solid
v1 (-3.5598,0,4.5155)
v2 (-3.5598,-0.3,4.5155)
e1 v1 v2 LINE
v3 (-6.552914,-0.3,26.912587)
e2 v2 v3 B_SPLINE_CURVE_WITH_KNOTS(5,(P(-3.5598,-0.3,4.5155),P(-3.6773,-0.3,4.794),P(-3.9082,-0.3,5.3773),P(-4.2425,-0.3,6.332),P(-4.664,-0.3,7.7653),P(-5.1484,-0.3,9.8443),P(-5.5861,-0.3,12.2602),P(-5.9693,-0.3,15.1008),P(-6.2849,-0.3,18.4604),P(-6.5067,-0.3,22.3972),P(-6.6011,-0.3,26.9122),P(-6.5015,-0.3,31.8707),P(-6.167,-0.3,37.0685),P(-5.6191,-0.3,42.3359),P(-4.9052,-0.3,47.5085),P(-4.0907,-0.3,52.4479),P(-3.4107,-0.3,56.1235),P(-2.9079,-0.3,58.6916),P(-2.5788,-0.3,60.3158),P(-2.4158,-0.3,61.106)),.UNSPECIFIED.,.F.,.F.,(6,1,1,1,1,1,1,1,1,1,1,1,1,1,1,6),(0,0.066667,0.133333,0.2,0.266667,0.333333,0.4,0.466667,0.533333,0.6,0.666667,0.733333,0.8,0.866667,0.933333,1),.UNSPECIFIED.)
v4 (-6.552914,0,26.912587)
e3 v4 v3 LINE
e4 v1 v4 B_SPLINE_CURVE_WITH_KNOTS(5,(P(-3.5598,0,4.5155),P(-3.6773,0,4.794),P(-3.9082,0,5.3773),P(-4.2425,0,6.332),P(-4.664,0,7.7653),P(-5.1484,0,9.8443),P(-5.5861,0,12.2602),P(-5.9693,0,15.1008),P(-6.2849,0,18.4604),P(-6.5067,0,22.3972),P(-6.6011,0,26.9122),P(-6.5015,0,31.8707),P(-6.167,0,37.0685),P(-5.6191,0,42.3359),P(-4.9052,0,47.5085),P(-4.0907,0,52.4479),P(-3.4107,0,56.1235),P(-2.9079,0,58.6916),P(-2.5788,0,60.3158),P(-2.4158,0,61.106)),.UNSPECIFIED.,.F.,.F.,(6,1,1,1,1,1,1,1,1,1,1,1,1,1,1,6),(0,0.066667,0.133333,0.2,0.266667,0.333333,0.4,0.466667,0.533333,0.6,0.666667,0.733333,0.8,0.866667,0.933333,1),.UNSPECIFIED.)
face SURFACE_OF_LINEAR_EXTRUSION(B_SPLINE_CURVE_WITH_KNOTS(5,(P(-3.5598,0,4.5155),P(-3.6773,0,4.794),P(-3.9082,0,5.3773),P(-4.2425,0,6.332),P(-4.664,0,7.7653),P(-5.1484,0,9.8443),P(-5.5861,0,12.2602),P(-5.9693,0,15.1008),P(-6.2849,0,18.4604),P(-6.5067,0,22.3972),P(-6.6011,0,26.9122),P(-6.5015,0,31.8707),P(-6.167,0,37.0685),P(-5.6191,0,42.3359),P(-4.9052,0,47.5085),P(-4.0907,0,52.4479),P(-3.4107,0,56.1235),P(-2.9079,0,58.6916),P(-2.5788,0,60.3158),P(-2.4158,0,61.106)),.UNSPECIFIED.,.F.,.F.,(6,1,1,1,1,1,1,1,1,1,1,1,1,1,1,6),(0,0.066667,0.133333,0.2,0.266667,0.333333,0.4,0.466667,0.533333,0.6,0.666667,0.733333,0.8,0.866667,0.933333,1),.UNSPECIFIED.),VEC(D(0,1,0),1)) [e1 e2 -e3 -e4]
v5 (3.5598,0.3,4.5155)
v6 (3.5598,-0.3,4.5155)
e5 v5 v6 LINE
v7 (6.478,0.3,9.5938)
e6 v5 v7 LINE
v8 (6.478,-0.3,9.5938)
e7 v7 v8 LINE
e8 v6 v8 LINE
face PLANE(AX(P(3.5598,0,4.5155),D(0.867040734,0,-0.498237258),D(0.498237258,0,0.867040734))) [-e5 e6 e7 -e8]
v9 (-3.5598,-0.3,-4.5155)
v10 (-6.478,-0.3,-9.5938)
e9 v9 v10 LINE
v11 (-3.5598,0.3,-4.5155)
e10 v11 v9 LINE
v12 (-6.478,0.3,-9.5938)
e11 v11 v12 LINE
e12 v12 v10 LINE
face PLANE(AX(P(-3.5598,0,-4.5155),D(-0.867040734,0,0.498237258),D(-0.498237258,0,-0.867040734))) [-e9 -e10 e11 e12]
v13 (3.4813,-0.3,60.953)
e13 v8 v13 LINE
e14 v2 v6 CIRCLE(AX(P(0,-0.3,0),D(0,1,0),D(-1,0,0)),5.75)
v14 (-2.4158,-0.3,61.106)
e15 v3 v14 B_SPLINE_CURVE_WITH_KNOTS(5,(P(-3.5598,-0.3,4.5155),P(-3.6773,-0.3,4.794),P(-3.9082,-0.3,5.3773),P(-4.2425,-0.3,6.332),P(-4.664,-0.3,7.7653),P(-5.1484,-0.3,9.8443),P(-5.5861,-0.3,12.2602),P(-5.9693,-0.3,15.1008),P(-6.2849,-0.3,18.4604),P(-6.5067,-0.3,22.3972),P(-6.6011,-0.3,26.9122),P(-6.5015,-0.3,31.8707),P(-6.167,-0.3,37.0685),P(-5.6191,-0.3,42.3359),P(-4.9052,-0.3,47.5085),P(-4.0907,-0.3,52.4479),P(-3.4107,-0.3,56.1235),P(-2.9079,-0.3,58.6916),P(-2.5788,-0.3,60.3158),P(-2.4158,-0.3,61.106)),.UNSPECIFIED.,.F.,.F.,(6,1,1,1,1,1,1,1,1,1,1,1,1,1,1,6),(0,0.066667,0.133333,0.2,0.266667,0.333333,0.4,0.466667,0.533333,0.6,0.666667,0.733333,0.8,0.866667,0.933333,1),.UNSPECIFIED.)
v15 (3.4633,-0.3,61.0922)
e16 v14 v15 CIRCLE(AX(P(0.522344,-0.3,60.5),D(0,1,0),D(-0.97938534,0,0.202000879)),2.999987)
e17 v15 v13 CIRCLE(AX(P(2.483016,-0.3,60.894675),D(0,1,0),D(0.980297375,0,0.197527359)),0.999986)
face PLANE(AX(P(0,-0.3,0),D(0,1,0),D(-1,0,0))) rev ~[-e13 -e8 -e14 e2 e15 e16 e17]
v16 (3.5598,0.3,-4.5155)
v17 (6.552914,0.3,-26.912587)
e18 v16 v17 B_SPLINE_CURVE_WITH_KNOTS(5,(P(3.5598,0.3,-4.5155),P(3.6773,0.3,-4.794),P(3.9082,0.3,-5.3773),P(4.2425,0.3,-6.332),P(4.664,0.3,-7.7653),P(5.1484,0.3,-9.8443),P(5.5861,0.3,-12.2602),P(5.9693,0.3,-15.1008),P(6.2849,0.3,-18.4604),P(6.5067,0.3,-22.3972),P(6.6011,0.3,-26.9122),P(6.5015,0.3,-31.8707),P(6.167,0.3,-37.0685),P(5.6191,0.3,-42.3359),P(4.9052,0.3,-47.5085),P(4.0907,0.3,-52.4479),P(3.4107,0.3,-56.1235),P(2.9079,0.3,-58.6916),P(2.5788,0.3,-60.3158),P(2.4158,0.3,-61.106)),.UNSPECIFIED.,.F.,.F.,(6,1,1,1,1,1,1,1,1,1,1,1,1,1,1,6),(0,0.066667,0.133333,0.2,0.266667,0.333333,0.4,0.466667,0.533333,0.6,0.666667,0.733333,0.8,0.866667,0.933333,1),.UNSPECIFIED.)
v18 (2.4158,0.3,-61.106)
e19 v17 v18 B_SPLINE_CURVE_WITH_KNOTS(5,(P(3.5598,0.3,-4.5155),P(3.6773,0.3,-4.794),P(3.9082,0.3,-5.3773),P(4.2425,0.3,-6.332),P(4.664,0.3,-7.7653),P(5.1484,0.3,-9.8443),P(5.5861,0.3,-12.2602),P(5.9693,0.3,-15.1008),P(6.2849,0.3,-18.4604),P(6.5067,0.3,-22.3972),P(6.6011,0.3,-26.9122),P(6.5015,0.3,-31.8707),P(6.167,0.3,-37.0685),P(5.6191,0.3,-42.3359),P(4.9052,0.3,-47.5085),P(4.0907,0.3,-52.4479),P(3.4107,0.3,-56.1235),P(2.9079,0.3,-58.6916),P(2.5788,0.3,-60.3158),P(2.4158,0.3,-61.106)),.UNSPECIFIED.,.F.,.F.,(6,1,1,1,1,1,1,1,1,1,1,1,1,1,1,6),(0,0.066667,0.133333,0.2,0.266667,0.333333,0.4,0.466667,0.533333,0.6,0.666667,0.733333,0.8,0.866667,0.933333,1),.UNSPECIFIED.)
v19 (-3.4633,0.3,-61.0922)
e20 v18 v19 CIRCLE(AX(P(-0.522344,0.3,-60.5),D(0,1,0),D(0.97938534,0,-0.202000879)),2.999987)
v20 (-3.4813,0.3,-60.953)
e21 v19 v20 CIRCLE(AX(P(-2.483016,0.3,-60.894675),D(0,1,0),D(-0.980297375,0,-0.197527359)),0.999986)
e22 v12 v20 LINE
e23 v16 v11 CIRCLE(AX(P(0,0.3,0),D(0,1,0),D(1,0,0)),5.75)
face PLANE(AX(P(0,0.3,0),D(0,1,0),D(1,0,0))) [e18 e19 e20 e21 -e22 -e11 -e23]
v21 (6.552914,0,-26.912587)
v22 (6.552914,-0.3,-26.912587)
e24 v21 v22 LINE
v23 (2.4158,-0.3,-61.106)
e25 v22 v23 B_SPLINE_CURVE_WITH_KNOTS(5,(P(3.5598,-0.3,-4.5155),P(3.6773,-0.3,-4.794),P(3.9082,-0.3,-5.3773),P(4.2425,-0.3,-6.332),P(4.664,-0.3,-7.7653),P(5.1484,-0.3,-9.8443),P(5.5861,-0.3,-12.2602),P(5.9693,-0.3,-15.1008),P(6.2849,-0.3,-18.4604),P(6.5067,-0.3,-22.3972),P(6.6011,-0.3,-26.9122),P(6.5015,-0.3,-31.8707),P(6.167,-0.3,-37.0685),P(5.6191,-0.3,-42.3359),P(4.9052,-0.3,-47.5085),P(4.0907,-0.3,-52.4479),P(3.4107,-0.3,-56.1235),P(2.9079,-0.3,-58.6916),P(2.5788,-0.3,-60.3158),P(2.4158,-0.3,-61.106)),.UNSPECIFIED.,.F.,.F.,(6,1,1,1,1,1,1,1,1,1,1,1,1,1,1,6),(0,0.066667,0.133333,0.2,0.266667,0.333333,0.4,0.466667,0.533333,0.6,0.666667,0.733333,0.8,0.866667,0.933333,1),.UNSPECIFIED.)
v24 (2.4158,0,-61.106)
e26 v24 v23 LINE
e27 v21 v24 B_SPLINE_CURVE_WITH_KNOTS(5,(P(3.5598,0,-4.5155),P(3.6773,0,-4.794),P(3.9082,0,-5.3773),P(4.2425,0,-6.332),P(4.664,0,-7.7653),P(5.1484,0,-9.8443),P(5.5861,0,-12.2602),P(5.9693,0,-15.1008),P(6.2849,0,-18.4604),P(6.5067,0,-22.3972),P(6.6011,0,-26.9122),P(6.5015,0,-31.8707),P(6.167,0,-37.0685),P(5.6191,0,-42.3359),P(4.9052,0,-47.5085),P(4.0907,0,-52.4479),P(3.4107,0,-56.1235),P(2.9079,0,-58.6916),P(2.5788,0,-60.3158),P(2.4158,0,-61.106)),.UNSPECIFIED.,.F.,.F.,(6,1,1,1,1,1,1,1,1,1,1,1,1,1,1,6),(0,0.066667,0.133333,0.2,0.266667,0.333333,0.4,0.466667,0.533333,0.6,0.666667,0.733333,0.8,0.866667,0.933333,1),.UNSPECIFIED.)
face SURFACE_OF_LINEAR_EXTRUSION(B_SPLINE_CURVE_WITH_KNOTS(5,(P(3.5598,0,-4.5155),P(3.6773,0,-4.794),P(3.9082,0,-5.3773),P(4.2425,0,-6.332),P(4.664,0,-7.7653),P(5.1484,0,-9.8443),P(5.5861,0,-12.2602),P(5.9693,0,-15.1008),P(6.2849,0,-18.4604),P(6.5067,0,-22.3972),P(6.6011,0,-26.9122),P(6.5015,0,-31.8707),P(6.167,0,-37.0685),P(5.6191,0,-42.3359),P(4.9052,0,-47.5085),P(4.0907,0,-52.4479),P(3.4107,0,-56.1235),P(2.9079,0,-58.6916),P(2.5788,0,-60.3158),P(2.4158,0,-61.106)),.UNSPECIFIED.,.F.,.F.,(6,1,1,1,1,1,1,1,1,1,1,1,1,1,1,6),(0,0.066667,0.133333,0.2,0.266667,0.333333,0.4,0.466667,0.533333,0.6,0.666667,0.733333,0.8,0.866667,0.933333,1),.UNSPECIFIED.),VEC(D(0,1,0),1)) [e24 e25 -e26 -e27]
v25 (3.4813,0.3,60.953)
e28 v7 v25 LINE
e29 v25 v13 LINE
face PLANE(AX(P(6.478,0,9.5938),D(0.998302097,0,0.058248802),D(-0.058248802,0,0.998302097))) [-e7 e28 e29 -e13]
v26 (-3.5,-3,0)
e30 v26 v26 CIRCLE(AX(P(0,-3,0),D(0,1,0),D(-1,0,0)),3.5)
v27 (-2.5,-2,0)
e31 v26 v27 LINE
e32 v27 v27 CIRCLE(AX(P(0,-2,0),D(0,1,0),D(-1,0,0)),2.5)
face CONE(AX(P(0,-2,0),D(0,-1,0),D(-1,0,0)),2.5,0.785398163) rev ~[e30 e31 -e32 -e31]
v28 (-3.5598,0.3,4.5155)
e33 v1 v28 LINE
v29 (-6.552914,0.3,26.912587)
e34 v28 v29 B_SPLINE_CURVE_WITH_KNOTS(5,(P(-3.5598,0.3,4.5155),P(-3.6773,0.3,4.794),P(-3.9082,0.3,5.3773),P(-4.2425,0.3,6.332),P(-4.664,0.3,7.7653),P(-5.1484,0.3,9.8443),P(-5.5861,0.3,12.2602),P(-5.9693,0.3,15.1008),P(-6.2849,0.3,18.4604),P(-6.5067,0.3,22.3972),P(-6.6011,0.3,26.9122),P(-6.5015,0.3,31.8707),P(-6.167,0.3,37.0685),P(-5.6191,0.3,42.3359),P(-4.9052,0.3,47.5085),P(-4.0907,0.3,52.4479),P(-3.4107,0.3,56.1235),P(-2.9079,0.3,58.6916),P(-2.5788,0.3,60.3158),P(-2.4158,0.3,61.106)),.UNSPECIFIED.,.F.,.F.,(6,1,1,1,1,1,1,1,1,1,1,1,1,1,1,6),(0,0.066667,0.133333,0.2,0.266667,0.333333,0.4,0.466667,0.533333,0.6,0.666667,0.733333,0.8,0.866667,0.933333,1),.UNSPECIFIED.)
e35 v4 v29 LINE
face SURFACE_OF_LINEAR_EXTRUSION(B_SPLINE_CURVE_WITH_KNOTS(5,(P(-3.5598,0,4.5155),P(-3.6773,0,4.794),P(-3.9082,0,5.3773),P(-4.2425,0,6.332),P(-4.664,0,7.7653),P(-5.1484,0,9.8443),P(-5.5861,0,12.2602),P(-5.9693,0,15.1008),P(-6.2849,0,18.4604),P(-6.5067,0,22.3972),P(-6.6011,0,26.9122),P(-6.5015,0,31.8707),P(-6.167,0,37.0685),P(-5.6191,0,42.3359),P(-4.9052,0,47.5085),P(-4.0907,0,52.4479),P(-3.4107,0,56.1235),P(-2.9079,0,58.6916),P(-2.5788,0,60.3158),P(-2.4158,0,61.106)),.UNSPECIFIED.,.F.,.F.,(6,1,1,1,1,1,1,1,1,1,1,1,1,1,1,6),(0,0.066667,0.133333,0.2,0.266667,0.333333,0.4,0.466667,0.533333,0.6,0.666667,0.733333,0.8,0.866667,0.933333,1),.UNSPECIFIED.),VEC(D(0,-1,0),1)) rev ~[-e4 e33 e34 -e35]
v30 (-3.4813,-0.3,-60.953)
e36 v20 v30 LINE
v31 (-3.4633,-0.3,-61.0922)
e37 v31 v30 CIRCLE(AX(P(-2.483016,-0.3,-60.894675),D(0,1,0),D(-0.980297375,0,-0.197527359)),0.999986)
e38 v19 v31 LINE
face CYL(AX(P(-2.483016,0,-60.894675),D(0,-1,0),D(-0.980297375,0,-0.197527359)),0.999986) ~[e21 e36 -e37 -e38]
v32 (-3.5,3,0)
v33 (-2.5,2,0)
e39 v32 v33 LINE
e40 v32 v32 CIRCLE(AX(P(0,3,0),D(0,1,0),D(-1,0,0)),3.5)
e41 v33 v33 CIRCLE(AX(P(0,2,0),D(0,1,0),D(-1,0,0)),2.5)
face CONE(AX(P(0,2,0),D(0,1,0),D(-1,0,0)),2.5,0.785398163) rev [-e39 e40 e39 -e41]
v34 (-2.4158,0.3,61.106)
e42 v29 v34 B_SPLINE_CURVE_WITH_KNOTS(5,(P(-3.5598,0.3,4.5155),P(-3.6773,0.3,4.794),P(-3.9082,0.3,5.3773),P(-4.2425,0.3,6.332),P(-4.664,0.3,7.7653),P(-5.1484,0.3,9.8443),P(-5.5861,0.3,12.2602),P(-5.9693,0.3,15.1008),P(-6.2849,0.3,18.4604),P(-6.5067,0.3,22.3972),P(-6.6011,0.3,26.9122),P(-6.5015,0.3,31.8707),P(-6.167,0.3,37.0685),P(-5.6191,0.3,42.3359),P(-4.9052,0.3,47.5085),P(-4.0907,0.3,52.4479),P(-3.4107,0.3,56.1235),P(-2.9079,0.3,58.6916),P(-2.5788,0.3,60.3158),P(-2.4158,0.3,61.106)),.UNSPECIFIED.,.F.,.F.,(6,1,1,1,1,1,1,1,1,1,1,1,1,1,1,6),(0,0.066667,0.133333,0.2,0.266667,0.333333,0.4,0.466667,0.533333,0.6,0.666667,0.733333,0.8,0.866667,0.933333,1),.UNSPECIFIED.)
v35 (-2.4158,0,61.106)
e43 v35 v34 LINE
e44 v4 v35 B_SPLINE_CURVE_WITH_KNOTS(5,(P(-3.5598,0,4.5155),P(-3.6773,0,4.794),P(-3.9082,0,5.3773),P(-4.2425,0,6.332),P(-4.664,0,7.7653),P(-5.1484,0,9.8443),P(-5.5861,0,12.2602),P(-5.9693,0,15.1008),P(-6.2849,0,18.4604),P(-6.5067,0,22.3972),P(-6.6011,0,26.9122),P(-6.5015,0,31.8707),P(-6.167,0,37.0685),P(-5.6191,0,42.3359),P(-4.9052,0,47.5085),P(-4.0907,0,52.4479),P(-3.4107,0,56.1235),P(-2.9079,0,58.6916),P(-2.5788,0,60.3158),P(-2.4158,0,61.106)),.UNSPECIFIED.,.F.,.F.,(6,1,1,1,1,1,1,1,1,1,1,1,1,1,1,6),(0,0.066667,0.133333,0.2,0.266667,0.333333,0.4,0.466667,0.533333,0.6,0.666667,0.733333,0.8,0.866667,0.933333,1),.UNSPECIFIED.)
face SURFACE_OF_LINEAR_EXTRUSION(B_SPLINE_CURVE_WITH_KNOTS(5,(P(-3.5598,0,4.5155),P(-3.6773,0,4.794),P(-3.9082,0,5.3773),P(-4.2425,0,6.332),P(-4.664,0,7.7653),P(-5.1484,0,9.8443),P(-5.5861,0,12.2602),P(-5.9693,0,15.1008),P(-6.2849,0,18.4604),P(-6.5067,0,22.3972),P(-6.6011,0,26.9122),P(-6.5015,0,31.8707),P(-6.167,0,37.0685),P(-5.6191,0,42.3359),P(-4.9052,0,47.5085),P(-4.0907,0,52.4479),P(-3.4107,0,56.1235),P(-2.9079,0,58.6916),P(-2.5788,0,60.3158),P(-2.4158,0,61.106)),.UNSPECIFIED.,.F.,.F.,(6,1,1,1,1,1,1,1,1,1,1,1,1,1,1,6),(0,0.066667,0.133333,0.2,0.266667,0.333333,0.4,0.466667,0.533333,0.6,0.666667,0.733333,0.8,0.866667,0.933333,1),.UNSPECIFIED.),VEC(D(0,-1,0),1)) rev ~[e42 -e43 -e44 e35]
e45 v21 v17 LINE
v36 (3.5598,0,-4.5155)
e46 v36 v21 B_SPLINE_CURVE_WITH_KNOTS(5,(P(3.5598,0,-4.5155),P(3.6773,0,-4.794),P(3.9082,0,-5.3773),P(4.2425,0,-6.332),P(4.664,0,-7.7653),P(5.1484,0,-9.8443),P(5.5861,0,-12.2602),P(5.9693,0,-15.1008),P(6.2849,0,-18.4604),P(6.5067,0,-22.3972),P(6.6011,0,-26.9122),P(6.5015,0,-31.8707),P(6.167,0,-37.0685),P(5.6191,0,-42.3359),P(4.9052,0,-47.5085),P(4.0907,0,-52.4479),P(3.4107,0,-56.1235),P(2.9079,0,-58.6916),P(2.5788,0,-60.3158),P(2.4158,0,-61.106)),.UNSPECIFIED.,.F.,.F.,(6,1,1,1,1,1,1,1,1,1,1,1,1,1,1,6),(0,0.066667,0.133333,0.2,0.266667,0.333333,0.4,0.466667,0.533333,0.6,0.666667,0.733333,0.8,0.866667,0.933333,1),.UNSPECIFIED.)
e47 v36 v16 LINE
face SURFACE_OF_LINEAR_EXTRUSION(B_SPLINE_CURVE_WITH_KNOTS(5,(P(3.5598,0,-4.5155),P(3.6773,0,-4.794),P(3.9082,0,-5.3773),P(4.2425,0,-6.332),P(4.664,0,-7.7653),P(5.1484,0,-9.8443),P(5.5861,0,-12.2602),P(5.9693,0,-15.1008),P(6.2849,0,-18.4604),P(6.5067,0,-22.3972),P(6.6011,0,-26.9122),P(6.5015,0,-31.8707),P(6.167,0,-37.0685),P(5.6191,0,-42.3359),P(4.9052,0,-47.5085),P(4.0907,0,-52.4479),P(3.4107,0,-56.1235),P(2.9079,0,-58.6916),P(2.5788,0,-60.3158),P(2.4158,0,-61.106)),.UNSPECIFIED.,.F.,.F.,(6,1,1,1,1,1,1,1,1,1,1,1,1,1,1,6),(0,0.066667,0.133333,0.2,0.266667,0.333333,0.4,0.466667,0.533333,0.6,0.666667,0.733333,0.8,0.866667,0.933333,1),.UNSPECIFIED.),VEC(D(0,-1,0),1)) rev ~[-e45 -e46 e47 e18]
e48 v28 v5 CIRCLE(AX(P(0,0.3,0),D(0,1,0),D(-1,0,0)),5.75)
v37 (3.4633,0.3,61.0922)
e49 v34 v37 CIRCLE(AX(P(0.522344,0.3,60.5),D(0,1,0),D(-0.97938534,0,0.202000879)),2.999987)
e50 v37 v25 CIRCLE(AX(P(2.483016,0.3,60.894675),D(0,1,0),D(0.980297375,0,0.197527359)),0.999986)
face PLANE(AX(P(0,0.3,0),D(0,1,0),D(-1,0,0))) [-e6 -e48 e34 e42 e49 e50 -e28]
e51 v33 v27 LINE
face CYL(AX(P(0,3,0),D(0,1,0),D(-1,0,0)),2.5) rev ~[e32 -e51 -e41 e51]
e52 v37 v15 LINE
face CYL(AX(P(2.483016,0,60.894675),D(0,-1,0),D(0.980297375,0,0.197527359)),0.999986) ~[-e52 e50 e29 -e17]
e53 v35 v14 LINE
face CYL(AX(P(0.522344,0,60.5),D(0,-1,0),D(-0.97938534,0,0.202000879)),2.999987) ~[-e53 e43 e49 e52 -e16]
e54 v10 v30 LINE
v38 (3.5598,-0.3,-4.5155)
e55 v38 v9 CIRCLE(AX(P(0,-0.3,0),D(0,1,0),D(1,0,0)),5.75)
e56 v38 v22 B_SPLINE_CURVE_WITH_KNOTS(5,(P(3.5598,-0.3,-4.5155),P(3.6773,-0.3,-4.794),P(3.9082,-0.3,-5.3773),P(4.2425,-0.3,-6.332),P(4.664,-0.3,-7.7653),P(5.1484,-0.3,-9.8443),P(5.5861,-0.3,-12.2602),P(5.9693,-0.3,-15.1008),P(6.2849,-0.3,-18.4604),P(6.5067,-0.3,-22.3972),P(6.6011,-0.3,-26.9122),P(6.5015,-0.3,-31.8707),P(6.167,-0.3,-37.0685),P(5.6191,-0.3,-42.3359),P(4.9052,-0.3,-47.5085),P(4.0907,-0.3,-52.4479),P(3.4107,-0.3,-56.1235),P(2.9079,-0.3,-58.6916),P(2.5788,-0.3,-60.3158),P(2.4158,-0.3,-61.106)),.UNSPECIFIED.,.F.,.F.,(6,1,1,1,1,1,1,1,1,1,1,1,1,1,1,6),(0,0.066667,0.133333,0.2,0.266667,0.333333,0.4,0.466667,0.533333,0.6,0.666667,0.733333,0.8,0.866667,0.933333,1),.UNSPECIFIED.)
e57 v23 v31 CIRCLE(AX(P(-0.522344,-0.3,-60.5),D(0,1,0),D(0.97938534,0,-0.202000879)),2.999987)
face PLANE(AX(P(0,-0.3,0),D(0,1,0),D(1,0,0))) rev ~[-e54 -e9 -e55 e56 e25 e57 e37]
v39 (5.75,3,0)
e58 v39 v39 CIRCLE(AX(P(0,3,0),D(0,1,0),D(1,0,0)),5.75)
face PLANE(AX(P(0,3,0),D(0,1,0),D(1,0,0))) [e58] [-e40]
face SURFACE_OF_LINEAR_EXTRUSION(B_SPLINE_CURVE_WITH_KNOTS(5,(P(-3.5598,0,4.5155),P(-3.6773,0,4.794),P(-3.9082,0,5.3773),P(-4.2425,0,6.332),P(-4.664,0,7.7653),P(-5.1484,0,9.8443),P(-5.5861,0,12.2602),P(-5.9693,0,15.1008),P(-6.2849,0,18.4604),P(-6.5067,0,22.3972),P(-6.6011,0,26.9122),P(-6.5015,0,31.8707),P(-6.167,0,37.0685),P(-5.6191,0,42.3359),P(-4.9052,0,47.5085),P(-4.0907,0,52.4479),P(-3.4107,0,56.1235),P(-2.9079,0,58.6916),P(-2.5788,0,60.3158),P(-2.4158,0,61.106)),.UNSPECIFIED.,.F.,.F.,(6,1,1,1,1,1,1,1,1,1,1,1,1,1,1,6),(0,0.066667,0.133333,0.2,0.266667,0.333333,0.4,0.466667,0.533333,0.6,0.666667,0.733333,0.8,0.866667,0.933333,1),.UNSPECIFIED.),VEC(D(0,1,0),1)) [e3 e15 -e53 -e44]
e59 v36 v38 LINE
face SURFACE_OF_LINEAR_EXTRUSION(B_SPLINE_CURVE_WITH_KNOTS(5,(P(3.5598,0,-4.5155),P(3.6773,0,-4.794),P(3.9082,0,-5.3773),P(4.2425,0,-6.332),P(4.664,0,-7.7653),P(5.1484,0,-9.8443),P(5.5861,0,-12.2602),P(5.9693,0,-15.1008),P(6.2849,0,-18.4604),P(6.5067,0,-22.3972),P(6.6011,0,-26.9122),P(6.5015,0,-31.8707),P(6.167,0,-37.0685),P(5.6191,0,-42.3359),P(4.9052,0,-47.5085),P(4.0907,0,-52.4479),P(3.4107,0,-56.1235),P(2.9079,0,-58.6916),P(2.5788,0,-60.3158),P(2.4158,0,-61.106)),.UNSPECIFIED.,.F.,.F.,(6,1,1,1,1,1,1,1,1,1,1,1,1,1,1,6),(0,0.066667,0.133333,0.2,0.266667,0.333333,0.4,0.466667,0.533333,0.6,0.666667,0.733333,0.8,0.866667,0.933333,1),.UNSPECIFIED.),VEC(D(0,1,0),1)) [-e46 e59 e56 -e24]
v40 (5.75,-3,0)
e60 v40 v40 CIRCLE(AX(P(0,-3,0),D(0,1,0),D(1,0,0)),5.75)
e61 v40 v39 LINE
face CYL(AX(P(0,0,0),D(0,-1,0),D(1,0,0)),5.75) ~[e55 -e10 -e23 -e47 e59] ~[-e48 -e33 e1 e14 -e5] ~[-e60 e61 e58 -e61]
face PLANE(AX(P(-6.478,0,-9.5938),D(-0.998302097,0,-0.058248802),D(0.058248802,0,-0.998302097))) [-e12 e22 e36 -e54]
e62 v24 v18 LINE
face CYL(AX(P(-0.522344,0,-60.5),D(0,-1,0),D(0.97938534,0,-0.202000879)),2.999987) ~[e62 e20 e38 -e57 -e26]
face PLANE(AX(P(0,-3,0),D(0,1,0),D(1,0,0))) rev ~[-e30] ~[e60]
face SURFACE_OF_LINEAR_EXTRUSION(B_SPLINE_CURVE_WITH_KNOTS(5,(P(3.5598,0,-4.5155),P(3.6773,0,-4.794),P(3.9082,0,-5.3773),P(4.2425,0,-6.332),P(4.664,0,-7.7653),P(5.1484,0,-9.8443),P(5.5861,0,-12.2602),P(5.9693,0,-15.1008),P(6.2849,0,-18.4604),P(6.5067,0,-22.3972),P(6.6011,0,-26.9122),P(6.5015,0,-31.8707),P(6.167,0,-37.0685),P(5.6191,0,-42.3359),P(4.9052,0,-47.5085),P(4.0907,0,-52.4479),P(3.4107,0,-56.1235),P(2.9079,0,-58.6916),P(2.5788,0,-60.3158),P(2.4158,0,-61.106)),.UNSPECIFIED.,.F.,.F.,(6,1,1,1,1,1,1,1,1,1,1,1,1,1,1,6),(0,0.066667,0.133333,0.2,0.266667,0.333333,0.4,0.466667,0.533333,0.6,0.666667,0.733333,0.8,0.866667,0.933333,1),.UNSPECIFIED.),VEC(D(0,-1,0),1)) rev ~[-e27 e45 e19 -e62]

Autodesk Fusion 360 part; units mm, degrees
sketch "Sketch1" plane through (0, 0, 0) normal (0, 1, 0) x (1, 0, 0)
  circle A0 centre (0, 0) radius 5.75
  dimension "d1" = 11.5
extrude "Extrude1" add sketch "Sketch1" along normal mid plane 6
sketch "Sketch2" plane through (0, 0, 0) normal (0, 0, 1) x (1, 0, 0)
  line L0 (5.75, 3) -> (-5.75, 3)
  line L1 (-5.75, -3) -> (5.75, -3)
  line L2 (-5.99, 1.3829) -> (5.9749, -1.3794)
  dimension "d4" = 13
sketch "Sketch3" plane through (0, 0, 0) normal (0, 1, 0) x (1, 0, 0)
  circle A0 centre (0, 0) radius 5.75
  line L0 (-3.5598, 4.5155) -> (-6.478, 9.5938)
  line L1 (-6.478, 9.5938) -> (-3.4813, 60.953)
  spline S0 degree 5 poles (3.5598, 4.5155) (3.6773, 4.794) (3.9082, 5.3773) (4.2425, 6.332) (4.664, 7.7653) (5.1484, 9.8443) (5.5861, 12.2602) (5.9693, 15.1008) (6.2849, 18.4604) (6.5067, 22.3972) (6.6011, 26.9122) (6.5015, 31.8707) (6.167, 37.0685) (5.6191, 42.3359) (4.9052, 47.5085) (4.0907, 52.4479) (3.4107, 56.1235) (2.9079, 58.6916) (2.5788, 60.3158) (2.4158, 61.106) knots 0 0 0 0 0 0 0.066667 0.133333 0.2 0.266667 0.333333 0.4 0.466667 0.533333 0.6 0.666667 0.733333 0.8 0.866667 0.933333 1 1 1 1 1 1
  line L2 (-2.2481, 63.5) -> (-1.4613, 63.5)
  arc A1 (2.4158, 61.106) -> (-3.4633, 61.0922) centre (-0.5223, 60.5) ccw
  arc A2 (-3.4633, 61.0922) -> (-3.4813, 60.953) centre (-2.483, 60.8948) ccw
  line L3 (-3.5598, 4.5155) -> (3.5598, 4.5155) construction
  line L4 (6.5565, 20.5742) -> (6.5493, 33.2506)
  point P0 (5.1258, 9.8758)
  point P1 (6.5529, 26.9124)
  dimension "d5" = 3
  dimension "d6" = 1
  dimension "d7" = 63.5
  dimension "d9" = 12
extrude "Extrude2" add sketch "Sketch3" along normal mid plane 0.6 contours A0 L0 L1 S0 A1 A2
pattern_circular "C-Pattern1" count 2 over 360 about axis through (0, 1.75, 0) along (0, 1, 0) of "Extrude2"
sketch "Sketch4" plane through (0, 3, 0) normal (0, 1, 0) x (-1, 0, 0)
  circle A0 centre (0, 0) radius 5.75
  circle A1 centre (0, 0) radius 2.5
  dimension "d16" = 5
extrude "Extrude3" cut sketch "Sketch4" against normal blind 16 contours A1
chamfer "Chamfer1" distance 1 angle 45 2 edges at (2.3308, 3, 0.904) (2.3308, -3, -0.904)
